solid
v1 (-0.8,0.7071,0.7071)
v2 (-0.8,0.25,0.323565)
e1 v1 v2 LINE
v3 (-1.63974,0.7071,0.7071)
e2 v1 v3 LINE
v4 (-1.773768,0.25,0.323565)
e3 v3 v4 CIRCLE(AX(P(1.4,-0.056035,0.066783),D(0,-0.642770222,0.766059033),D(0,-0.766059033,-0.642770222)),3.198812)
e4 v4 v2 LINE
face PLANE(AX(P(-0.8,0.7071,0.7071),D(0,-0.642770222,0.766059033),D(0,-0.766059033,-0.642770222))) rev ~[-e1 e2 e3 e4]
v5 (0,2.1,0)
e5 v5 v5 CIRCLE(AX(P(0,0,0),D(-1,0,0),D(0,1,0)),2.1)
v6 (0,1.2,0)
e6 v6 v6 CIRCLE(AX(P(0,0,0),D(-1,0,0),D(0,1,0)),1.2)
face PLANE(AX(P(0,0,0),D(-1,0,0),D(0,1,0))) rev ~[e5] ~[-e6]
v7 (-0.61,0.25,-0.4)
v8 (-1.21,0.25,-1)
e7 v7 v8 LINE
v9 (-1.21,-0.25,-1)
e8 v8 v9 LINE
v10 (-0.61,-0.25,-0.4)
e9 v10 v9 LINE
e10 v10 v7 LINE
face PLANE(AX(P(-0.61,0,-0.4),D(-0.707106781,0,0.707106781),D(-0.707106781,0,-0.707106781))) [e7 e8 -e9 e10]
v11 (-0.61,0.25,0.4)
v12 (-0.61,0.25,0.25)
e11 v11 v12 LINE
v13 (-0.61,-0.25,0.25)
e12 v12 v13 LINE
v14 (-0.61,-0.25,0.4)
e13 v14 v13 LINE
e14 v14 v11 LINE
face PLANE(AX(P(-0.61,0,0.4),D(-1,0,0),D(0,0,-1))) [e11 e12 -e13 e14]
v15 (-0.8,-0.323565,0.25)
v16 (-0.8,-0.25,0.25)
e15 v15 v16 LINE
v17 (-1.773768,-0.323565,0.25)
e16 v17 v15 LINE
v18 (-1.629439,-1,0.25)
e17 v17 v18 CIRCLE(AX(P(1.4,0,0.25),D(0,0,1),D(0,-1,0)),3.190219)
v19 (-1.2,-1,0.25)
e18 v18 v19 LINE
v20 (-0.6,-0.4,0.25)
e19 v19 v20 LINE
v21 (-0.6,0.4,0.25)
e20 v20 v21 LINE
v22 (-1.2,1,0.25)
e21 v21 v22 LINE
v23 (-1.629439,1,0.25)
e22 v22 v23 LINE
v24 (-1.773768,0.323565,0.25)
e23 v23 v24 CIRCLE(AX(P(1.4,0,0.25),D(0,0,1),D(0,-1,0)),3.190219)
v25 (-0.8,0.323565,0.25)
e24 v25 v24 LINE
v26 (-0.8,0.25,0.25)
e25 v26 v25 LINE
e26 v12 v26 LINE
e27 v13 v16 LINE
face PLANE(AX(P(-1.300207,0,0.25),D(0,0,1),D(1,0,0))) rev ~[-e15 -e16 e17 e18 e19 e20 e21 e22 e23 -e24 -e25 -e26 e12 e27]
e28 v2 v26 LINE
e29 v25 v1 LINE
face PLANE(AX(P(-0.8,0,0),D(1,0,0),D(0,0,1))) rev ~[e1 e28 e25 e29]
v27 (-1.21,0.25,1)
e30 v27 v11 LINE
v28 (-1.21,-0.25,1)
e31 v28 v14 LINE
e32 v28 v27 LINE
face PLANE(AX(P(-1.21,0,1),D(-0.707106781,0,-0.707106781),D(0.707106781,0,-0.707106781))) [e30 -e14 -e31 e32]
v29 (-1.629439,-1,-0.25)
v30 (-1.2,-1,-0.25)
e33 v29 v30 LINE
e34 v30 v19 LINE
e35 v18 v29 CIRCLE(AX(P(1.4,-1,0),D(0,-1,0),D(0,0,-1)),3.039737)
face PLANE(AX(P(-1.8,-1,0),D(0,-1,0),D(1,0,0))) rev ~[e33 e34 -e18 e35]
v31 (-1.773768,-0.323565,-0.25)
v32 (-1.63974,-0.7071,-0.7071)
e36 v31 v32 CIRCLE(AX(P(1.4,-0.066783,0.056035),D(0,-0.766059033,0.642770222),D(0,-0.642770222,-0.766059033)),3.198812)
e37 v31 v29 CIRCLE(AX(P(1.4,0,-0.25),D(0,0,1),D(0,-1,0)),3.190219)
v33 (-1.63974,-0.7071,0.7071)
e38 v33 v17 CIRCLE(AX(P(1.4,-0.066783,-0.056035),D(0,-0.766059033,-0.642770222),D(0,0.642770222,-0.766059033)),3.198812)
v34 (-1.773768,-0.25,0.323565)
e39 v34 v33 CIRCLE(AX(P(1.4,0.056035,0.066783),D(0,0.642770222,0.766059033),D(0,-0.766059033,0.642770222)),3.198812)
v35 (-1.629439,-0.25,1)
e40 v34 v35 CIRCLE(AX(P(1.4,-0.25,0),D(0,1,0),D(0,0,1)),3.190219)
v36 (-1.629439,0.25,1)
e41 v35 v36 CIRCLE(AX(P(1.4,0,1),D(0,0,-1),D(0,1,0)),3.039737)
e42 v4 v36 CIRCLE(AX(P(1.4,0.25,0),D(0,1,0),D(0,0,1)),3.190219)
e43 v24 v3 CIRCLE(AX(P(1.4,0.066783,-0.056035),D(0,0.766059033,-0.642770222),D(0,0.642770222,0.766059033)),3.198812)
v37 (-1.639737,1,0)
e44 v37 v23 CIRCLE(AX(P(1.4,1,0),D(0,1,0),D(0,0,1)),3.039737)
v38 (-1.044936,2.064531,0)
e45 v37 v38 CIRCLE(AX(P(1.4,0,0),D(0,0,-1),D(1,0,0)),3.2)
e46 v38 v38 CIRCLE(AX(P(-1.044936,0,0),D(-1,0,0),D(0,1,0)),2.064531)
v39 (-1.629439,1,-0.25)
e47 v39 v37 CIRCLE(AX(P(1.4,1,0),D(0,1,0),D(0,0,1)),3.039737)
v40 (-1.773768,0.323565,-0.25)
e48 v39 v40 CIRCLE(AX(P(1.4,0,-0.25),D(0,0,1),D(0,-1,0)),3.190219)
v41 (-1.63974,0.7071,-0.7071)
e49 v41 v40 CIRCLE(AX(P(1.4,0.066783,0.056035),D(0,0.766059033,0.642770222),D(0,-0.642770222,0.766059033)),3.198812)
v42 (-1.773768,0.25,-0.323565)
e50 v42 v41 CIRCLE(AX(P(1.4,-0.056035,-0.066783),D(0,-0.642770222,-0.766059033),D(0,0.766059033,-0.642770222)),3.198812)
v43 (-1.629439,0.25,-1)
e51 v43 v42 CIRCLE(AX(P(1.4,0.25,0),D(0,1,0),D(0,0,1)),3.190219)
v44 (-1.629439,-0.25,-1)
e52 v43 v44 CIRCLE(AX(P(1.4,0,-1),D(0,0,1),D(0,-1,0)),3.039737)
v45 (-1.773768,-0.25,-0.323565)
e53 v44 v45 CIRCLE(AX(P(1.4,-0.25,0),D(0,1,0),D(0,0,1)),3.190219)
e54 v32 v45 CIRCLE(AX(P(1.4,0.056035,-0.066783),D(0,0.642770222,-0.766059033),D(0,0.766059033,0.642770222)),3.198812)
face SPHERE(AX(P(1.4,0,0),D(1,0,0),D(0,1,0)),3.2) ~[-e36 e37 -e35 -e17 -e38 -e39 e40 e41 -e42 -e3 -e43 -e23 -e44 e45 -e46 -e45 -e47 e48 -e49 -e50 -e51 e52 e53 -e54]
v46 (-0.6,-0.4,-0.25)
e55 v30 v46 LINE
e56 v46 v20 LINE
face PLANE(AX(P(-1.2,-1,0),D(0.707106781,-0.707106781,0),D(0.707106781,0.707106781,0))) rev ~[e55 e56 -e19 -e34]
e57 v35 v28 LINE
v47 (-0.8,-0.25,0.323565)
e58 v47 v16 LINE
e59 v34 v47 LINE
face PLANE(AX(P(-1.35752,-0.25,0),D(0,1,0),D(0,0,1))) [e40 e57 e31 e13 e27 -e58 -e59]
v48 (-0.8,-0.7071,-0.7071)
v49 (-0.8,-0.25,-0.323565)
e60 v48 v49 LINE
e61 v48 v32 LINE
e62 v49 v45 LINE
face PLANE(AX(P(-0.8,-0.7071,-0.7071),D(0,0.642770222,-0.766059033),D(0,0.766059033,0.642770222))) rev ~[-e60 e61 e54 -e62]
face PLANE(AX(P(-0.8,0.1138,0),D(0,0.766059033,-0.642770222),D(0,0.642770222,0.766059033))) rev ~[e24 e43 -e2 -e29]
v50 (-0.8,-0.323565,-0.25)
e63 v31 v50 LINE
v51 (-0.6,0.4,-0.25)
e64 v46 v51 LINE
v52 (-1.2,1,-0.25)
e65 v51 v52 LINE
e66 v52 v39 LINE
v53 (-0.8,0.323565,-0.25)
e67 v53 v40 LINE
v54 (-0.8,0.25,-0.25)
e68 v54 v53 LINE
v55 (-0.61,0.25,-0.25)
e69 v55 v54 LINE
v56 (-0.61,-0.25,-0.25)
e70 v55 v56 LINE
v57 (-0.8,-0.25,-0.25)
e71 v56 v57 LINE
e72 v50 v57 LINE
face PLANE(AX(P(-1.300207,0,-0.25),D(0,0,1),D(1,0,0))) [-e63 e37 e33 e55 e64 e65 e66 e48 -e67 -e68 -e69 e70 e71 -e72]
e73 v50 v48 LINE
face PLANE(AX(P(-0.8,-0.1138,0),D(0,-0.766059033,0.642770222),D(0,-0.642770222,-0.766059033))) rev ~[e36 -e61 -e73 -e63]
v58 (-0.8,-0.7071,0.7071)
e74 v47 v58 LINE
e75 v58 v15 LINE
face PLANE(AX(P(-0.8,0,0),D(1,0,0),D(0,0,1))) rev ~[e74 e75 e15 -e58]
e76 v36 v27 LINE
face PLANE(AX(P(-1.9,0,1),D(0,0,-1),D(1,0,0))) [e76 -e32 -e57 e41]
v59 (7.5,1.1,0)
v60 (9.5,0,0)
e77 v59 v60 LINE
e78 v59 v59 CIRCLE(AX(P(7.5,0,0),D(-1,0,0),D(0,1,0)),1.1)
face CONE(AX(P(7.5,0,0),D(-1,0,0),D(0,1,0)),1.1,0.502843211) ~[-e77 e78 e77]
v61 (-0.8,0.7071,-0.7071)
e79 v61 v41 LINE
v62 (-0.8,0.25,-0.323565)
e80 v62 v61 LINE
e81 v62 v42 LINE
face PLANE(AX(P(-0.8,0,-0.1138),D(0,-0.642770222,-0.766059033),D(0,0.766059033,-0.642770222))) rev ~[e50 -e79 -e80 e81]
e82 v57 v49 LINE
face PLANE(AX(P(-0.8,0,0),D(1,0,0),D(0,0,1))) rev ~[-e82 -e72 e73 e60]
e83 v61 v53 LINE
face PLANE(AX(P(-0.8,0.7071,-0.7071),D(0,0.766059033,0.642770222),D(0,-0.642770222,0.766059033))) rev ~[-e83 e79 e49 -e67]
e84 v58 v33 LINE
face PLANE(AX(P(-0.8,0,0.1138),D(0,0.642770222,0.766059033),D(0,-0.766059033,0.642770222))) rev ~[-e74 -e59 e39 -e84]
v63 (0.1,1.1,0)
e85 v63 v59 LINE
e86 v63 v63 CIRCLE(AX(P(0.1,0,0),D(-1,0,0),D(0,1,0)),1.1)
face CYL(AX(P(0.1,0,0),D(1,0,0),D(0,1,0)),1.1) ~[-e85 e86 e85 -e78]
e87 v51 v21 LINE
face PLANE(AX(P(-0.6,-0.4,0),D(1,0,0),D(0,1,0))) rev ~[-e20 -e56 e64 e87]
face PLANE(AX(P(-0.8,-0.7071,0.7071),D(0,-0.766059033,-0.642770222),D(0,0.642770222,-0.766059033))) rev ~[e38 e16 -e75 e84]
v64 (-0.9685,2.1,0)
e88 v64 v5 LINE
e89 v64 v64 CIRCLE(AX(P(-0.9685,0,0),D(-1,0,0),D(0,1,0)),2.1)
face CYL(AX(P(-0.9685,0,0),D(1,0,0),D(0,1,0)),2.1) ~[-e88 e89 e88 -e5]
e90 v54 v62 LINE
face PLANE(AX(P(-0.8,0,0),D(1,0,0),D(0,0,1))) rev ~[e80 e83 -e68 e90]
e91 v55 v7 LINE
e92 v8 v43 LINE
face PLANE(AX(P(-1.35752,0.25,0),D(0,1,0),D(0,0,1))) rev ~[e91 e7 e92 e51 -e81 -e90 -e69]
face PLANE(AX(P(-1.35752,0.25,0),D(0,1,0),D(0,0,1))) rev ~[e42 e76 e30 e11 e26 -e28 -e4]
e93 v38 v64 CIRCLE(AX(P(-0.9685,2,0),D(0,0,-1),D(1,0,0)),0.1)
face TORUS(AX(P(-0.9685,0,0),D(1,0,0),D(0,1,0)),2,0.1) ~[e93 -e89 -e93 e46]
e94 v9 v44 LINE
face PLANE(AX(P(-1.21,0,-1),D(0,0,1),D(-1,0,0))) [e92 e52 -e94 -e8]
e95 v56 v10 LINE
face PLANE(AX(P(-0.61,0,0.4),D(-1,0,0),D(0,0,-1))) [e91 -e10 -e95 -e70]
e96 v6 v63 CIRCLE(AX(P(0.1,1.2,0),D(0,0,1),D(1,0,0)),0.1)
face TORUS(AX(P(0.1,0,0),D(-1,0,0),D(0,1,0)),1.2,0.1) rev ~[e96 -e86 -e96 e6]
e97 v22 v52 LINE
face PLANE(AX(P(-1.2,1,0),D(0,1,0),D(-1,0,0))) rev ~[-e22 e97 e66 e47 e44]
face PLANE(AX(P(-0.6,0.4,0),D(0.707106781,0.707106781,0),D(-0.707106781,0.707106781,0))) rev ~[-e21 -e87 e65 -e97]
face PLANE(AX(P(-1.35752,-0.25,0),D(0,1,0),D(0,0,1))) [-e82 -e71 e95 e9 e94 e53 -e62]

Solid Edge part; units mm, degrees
sketch "Sketch1" plane through (0, 0, 0) normal (0, 0, 1) x (1, 0, 0)
  arc A0 (-1.8, 0) -> (-1.0449, 2.0645) centre (1.4, 0) cw
  arc A1 (-1.0449, 2.0645) -> (-0.9685, 2.1) centre (-0.9685, 2) cw
  line L0 (-0.9685, 2.1) -> (0, 2.1)
  line L1 (0, 2.1) -> (0, 1.2)
  arc A2 (0, 1.2) -> (0.1, 1.1) centre (0.1, 1.2) ccw
  line L2 (0.1, 1.1) -> (7.5, 1.1)
  line L3 (7.5, 1.1) -> (9.5, 0)
  line L4 (9.5, 0) -> (-1.8, 0)
revolve "RevolvedProtrusion1" add sketch "Sketch1" angle 360 about axis through (12.5, 0, 0) along (-1, 0, 0)
cosmetic_thread "Thread1" size "M2.2"
sketch "Sketch2" plane through (0, 0, 0) normal (0, 0, 1) x (1, 0, 0)
  line L0 (-1.8, -1) -> (-1.2, -1)
  line L1 (-1.2, -1) -> (-0.6, -0.4)
  line L2 (-0.6, -0.4) -> (-0.6, 0.4)
  line L3 (-0.6, 0.4) -> (-1.2, 1)
  line L4 (-1.2, 1) -> (-1.8, 1)
  line L5 (-1.8, 1) -> (-1.8, -1)
extrude "ExtrudedCutout_1" cut sketch "Sketch2" against normal blind 0.25 and the other way blind 0.25
sketch "Sketch3" plane through (0, 0, 0) normal (0, -1, 0) x (1, 0, 0)
  line L0 (-1.9, 1) -> (-1.21, 1)
  line L1 (-1.21, 1) -> (-0.61, 0.4)
  line L2 (-0.61, 0.4) -> (-0.61, -0.4)
  line L3 (-0.61, -0.4) -> (-1.21, -1)
  line L4 (-1.21, -1) -> (-1.9, -1)
  line L5 (-1.9, -1) -> (-1.9, 1)
extrude "ExtrudedCutout_2" cut sketch "Sketch3" against normal blind 0.25 and the other way blind 0.25
sketch "Sketch4" plane through (-0.8, 0, 0) normal (1, 0, 0) x (0, 1, 0)
  line L0 (-0.7071, 0.7071) -> (-0.1138, 0)
  line L1 (-0.1138, 0) -> (-0.7071, -0.7071)
  line L2 (-0.7071, -0.7071) -> (0, -0.1138)
  line L3 (0, -0.1138) -> (0.7071, -0.7071)
  line L4 (0.7071, -0.7071) -> (0.1138, 0)
  line L5 (0.1138, 0) -> (0.7071, 0.7071)
  line L6 (0.7071, 0.7071) -> (0, 0.1138)
  line L7 (0, 0.1138) -> (-0.7071, 0.7071)
extrude "ExtrudedCutout_3" cut sketch "Sketch4" against normal blind 1.8
properties part number "bene_inox_412405-2,2X9,5"
